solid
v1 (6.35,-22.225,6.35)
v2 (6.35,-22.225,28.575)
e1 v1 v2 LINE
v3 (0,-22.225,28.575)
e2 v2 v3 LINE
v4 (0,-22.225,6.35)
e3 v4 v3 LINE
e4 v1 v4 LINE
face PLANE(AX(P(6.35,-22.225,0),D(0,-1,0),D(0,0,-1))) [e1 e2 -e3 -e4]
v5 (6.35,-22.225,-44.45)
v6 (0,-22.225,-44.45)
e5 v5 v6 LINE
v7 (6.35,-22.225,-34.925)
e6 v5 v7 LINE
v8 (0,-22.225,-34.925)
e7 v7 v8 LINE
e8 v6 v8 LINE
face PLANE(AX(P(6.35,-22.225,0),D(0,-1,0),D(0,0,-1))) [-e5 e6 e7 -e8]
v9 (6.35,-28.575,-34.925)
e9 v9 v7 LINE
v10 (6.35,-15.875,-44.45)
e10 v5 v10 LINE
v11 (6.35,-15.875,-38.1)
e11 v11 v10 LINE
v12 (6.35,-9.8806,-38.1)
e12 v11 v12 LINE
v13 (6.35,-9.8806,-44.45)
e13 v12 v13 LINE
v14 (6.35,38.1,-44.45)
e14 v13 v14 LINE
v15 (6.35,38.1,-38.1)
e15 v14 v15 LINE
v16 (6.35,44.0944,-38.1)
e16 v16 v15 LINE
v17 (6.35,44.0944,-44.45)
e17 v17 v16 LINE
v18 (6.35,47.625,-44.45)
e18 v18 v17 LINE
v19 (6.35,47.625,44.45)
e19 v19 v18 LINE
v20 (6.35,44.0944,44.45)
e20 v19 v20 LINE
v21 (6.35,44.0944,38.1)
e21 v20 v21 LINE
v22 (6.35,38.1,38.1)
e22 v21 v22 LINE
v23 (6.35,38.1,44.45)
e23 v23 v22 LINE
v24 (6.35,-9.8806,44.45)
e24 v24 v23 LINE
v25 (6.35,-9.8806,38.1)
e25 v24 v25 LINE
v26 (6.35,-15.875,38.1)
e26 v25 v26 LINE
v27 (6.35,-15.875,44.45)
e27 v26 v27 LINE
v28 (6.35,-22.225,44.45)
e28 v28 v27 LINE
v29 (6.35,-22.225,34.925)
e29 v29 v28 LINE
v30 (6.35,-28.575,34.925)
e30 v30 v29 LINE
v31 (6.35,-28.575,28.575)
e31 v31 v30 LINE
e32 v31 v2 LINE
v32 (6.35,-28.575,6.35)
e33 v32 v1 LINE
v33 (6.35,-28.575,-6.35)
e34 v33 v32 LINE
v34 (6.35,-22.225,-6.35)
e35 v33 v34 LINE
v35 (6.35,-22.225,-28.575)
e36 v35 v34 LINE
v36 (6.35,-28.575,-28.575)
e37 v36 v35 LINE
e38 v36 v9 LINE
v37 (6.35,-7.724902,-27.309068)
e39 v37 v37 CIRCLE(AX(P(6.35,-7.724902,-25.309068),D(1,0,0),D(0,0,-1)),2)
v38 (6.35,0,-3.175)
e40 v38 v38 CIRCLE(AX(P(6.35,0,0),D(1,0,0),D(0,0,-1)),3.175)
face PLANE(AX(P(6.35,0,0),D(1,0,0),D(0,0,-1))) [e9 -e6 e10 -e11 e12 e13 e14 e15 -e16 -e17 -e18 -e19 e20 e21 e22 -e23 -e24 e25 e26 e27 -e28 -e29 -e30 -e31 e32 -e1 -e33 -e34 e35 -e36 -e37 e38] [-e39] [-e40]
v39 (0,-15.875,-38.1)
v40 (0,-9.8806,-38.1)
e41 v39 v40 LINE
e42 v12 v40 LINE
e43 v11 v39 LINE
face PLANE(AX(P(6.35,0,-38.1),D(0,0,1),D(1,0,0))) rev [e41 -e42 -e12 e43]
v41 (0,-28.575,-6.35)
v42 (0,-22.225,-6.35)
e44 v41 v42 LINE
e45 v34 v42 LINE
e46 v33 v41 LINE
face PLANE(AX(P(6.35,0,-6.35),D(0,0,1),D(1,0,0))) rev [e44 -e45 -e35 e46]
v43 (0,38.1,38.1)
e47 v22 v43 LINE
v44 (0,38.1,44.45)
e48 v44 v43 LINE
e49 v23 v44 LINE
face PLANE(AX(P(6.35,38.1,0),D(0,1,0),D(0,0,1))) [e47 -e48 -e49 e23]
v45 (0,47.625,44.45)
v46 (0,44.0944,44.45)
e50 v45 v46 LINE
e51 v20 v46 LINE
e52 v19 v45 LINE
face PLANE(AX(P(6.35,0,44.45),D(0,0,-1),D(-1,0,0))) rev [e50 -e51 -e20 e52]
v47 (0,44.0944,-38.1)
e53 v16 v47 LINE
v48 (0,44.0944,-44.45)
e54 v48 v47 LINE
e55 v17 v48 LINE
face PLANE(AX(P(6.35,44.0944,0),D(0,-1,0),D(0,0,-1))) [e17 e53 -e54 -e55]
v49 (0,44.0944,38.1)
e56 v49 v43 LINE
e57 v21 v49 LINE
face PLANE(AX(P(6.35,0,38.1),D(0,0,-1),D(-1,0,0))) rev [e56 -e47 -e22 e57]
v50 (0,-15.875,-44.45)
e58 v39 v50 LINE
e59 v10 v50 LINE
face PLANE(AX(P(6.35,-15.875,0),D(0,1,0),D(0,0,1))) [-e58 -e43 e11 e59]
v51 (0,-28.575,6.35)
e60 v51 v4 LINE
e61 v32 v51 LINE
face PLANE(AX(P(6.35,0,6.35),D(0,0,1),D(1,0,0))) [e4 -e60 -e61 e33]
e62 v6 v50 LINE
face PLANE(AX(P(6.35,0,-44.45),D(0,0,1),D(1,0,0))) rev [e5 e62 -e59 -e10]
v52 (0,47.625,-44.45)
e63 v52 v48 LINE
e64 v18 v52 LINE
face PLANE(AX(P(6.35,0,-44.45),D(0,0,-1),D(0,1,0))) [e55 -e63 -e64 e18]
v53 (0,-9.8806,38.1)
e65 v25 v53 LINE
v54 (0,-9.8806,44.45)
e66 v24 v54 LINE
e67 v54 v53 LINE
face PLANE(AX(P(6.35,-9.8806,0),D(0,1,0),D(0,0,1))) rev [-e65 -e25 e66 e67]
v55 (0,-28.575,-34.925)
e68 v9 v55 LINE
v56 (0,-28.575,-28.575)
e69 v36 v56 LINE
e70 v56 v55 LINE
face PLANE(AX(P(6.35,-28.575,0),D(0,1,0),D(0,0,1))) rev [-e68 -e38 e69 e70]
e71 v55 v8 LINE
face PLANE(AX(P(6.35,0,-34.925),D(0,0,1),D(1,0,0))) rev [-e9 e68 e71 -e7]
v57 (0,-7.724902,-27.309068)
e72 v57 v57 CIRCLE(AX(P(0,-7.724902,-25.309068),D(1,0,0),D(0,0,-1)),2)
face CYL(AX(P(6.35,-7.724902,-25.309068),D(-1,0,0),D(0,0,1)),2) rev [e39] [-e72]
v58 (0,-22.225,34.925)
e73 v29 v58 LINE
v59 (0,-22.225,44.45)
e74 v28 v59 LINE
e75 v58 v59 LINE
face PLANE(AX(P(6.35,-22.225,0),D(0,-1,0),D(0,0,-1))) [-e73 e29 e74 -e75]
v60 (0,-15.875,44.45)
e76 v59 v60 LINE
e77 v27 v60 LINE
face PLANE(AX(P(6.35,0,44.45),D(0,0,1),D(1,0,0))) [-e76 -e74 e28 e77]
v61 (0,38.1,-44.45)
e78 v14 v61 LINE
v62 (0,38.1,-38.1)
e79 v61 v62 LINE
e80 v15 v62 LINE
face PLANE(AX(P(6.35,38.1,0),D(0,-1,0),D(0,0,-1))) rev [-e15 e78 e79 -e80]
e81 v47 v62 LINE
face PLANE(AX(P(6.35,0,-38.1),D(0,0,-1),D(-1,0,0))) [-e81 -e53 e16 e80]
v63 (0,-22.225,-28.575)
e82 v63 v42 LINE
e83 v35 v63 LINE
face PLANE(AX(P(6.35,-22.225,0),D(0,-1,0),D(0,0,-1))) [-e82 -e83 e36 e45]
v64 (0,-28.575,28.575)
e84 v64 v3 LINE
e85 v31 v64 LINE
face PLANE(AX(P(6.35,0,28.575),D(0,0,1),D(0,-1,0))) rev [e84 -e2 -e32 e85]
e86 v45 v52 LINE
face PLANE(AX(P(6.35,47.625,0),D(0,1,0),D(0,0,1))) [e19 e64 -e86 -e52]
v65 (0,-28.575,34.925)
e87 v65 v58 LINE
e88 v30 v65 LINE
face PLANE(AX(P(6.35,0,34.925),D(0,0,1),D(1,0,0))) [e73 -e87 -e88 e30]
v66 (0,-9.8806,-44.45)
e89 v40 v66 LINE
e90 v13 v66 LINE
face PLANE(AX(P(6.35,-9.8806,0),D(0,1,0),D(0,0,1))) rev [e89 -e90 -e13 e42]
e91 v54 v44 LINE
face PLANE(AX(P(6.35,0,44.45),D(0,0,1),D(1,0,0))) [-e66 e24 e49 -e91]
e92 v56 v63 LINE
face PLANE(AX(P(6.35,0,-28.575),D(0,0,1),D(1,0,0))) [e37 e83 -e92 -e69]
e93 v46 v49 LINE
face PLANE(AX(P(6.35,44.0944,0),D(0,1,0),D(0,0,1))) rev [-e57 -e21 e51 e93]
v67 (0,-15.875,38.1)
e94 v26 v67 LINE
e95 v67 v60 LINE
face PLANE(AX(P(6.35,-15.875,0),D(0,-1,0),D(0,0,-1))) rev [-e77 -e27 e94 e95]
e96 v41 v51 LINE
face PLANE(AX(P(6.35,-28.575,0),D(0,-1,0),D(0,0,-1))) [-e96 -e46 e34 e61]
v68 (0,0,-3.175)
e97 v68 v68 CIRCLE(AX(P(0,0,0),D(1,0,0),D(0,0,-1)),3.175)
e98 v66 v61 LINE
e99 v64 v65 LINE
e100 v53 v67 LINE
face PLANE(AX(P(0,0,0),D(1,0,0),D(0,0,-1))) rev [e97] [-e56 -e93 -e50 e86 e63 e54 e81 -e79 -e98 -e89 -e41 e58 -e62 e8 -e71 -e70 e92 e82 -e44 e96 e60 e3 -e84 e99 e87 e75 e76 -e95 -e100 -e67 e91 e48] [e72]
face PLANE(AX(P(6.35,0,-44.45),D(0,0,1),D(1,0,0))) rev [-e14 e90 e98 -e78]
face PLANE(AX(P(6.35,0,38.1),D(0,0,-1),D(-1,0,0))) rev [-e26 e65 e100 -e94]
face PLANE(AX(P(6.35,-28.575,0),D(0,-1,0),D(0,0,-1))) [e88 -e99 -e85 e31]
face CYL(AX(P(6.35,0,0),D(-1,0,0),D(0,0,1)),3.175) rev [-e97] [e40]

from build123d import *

# Parameters (mm, degrees)
SKETCH1_R           = 2
SKETCH1_R_2         = 3.175
BOSS_EXTRUDE1_DEPTH = 6.35


with BuildPart() as part:
    # Sketch1 → Boss-Extrude1 (new body)
    with BuildSketch(Plane(origin=(0, 0, 0), x_dir=(0, 0, -1), z_dir=(1, 0, 0))):
        Polygon((28.575, -22.225), (28.575, -28.575), (34.925, -28.575), (34.925, -22.225), (44.45, -22.225), (44.45, -15.875), (38.1, -15.875), (38.1, -9.8806), (44.45, -9.8806), (44.45, 38.1), (38.1, 38.1), (38.1, 44.0944), (44.45, 44.0944), (44.45, 47.625), (-44.45, 47.625), (-44.45, 44.0944), (-38.1, 44.0944), (-38.1, 38.1), (-44.45, 38.1), (-44.45, 22.225), (-44.45, -9.8806), (-38.1, -9.8806), (-38.1, -15.875), (-44.45, -15.875), (-44.45, -22.225), (-34.925, -22.225), (-34.925, -28.575), (-28.575, -28.575), (-28.575, -22.225), (-6.35, -22.225), (-6.35, -28.575), (6.35, -28.575), (6.35, -22.225), align=None)
        with Locations((25.309068, -7.724902)):
            Circle(SKETCH1_R, mode=Mode.SUBTRACT)
        Circle(SKETCH1_R_2, mode=Mode.SUBTRACT)
    extrude(amount=BOSS_EXTRUDE1_DEPTH)


solid = part.part
